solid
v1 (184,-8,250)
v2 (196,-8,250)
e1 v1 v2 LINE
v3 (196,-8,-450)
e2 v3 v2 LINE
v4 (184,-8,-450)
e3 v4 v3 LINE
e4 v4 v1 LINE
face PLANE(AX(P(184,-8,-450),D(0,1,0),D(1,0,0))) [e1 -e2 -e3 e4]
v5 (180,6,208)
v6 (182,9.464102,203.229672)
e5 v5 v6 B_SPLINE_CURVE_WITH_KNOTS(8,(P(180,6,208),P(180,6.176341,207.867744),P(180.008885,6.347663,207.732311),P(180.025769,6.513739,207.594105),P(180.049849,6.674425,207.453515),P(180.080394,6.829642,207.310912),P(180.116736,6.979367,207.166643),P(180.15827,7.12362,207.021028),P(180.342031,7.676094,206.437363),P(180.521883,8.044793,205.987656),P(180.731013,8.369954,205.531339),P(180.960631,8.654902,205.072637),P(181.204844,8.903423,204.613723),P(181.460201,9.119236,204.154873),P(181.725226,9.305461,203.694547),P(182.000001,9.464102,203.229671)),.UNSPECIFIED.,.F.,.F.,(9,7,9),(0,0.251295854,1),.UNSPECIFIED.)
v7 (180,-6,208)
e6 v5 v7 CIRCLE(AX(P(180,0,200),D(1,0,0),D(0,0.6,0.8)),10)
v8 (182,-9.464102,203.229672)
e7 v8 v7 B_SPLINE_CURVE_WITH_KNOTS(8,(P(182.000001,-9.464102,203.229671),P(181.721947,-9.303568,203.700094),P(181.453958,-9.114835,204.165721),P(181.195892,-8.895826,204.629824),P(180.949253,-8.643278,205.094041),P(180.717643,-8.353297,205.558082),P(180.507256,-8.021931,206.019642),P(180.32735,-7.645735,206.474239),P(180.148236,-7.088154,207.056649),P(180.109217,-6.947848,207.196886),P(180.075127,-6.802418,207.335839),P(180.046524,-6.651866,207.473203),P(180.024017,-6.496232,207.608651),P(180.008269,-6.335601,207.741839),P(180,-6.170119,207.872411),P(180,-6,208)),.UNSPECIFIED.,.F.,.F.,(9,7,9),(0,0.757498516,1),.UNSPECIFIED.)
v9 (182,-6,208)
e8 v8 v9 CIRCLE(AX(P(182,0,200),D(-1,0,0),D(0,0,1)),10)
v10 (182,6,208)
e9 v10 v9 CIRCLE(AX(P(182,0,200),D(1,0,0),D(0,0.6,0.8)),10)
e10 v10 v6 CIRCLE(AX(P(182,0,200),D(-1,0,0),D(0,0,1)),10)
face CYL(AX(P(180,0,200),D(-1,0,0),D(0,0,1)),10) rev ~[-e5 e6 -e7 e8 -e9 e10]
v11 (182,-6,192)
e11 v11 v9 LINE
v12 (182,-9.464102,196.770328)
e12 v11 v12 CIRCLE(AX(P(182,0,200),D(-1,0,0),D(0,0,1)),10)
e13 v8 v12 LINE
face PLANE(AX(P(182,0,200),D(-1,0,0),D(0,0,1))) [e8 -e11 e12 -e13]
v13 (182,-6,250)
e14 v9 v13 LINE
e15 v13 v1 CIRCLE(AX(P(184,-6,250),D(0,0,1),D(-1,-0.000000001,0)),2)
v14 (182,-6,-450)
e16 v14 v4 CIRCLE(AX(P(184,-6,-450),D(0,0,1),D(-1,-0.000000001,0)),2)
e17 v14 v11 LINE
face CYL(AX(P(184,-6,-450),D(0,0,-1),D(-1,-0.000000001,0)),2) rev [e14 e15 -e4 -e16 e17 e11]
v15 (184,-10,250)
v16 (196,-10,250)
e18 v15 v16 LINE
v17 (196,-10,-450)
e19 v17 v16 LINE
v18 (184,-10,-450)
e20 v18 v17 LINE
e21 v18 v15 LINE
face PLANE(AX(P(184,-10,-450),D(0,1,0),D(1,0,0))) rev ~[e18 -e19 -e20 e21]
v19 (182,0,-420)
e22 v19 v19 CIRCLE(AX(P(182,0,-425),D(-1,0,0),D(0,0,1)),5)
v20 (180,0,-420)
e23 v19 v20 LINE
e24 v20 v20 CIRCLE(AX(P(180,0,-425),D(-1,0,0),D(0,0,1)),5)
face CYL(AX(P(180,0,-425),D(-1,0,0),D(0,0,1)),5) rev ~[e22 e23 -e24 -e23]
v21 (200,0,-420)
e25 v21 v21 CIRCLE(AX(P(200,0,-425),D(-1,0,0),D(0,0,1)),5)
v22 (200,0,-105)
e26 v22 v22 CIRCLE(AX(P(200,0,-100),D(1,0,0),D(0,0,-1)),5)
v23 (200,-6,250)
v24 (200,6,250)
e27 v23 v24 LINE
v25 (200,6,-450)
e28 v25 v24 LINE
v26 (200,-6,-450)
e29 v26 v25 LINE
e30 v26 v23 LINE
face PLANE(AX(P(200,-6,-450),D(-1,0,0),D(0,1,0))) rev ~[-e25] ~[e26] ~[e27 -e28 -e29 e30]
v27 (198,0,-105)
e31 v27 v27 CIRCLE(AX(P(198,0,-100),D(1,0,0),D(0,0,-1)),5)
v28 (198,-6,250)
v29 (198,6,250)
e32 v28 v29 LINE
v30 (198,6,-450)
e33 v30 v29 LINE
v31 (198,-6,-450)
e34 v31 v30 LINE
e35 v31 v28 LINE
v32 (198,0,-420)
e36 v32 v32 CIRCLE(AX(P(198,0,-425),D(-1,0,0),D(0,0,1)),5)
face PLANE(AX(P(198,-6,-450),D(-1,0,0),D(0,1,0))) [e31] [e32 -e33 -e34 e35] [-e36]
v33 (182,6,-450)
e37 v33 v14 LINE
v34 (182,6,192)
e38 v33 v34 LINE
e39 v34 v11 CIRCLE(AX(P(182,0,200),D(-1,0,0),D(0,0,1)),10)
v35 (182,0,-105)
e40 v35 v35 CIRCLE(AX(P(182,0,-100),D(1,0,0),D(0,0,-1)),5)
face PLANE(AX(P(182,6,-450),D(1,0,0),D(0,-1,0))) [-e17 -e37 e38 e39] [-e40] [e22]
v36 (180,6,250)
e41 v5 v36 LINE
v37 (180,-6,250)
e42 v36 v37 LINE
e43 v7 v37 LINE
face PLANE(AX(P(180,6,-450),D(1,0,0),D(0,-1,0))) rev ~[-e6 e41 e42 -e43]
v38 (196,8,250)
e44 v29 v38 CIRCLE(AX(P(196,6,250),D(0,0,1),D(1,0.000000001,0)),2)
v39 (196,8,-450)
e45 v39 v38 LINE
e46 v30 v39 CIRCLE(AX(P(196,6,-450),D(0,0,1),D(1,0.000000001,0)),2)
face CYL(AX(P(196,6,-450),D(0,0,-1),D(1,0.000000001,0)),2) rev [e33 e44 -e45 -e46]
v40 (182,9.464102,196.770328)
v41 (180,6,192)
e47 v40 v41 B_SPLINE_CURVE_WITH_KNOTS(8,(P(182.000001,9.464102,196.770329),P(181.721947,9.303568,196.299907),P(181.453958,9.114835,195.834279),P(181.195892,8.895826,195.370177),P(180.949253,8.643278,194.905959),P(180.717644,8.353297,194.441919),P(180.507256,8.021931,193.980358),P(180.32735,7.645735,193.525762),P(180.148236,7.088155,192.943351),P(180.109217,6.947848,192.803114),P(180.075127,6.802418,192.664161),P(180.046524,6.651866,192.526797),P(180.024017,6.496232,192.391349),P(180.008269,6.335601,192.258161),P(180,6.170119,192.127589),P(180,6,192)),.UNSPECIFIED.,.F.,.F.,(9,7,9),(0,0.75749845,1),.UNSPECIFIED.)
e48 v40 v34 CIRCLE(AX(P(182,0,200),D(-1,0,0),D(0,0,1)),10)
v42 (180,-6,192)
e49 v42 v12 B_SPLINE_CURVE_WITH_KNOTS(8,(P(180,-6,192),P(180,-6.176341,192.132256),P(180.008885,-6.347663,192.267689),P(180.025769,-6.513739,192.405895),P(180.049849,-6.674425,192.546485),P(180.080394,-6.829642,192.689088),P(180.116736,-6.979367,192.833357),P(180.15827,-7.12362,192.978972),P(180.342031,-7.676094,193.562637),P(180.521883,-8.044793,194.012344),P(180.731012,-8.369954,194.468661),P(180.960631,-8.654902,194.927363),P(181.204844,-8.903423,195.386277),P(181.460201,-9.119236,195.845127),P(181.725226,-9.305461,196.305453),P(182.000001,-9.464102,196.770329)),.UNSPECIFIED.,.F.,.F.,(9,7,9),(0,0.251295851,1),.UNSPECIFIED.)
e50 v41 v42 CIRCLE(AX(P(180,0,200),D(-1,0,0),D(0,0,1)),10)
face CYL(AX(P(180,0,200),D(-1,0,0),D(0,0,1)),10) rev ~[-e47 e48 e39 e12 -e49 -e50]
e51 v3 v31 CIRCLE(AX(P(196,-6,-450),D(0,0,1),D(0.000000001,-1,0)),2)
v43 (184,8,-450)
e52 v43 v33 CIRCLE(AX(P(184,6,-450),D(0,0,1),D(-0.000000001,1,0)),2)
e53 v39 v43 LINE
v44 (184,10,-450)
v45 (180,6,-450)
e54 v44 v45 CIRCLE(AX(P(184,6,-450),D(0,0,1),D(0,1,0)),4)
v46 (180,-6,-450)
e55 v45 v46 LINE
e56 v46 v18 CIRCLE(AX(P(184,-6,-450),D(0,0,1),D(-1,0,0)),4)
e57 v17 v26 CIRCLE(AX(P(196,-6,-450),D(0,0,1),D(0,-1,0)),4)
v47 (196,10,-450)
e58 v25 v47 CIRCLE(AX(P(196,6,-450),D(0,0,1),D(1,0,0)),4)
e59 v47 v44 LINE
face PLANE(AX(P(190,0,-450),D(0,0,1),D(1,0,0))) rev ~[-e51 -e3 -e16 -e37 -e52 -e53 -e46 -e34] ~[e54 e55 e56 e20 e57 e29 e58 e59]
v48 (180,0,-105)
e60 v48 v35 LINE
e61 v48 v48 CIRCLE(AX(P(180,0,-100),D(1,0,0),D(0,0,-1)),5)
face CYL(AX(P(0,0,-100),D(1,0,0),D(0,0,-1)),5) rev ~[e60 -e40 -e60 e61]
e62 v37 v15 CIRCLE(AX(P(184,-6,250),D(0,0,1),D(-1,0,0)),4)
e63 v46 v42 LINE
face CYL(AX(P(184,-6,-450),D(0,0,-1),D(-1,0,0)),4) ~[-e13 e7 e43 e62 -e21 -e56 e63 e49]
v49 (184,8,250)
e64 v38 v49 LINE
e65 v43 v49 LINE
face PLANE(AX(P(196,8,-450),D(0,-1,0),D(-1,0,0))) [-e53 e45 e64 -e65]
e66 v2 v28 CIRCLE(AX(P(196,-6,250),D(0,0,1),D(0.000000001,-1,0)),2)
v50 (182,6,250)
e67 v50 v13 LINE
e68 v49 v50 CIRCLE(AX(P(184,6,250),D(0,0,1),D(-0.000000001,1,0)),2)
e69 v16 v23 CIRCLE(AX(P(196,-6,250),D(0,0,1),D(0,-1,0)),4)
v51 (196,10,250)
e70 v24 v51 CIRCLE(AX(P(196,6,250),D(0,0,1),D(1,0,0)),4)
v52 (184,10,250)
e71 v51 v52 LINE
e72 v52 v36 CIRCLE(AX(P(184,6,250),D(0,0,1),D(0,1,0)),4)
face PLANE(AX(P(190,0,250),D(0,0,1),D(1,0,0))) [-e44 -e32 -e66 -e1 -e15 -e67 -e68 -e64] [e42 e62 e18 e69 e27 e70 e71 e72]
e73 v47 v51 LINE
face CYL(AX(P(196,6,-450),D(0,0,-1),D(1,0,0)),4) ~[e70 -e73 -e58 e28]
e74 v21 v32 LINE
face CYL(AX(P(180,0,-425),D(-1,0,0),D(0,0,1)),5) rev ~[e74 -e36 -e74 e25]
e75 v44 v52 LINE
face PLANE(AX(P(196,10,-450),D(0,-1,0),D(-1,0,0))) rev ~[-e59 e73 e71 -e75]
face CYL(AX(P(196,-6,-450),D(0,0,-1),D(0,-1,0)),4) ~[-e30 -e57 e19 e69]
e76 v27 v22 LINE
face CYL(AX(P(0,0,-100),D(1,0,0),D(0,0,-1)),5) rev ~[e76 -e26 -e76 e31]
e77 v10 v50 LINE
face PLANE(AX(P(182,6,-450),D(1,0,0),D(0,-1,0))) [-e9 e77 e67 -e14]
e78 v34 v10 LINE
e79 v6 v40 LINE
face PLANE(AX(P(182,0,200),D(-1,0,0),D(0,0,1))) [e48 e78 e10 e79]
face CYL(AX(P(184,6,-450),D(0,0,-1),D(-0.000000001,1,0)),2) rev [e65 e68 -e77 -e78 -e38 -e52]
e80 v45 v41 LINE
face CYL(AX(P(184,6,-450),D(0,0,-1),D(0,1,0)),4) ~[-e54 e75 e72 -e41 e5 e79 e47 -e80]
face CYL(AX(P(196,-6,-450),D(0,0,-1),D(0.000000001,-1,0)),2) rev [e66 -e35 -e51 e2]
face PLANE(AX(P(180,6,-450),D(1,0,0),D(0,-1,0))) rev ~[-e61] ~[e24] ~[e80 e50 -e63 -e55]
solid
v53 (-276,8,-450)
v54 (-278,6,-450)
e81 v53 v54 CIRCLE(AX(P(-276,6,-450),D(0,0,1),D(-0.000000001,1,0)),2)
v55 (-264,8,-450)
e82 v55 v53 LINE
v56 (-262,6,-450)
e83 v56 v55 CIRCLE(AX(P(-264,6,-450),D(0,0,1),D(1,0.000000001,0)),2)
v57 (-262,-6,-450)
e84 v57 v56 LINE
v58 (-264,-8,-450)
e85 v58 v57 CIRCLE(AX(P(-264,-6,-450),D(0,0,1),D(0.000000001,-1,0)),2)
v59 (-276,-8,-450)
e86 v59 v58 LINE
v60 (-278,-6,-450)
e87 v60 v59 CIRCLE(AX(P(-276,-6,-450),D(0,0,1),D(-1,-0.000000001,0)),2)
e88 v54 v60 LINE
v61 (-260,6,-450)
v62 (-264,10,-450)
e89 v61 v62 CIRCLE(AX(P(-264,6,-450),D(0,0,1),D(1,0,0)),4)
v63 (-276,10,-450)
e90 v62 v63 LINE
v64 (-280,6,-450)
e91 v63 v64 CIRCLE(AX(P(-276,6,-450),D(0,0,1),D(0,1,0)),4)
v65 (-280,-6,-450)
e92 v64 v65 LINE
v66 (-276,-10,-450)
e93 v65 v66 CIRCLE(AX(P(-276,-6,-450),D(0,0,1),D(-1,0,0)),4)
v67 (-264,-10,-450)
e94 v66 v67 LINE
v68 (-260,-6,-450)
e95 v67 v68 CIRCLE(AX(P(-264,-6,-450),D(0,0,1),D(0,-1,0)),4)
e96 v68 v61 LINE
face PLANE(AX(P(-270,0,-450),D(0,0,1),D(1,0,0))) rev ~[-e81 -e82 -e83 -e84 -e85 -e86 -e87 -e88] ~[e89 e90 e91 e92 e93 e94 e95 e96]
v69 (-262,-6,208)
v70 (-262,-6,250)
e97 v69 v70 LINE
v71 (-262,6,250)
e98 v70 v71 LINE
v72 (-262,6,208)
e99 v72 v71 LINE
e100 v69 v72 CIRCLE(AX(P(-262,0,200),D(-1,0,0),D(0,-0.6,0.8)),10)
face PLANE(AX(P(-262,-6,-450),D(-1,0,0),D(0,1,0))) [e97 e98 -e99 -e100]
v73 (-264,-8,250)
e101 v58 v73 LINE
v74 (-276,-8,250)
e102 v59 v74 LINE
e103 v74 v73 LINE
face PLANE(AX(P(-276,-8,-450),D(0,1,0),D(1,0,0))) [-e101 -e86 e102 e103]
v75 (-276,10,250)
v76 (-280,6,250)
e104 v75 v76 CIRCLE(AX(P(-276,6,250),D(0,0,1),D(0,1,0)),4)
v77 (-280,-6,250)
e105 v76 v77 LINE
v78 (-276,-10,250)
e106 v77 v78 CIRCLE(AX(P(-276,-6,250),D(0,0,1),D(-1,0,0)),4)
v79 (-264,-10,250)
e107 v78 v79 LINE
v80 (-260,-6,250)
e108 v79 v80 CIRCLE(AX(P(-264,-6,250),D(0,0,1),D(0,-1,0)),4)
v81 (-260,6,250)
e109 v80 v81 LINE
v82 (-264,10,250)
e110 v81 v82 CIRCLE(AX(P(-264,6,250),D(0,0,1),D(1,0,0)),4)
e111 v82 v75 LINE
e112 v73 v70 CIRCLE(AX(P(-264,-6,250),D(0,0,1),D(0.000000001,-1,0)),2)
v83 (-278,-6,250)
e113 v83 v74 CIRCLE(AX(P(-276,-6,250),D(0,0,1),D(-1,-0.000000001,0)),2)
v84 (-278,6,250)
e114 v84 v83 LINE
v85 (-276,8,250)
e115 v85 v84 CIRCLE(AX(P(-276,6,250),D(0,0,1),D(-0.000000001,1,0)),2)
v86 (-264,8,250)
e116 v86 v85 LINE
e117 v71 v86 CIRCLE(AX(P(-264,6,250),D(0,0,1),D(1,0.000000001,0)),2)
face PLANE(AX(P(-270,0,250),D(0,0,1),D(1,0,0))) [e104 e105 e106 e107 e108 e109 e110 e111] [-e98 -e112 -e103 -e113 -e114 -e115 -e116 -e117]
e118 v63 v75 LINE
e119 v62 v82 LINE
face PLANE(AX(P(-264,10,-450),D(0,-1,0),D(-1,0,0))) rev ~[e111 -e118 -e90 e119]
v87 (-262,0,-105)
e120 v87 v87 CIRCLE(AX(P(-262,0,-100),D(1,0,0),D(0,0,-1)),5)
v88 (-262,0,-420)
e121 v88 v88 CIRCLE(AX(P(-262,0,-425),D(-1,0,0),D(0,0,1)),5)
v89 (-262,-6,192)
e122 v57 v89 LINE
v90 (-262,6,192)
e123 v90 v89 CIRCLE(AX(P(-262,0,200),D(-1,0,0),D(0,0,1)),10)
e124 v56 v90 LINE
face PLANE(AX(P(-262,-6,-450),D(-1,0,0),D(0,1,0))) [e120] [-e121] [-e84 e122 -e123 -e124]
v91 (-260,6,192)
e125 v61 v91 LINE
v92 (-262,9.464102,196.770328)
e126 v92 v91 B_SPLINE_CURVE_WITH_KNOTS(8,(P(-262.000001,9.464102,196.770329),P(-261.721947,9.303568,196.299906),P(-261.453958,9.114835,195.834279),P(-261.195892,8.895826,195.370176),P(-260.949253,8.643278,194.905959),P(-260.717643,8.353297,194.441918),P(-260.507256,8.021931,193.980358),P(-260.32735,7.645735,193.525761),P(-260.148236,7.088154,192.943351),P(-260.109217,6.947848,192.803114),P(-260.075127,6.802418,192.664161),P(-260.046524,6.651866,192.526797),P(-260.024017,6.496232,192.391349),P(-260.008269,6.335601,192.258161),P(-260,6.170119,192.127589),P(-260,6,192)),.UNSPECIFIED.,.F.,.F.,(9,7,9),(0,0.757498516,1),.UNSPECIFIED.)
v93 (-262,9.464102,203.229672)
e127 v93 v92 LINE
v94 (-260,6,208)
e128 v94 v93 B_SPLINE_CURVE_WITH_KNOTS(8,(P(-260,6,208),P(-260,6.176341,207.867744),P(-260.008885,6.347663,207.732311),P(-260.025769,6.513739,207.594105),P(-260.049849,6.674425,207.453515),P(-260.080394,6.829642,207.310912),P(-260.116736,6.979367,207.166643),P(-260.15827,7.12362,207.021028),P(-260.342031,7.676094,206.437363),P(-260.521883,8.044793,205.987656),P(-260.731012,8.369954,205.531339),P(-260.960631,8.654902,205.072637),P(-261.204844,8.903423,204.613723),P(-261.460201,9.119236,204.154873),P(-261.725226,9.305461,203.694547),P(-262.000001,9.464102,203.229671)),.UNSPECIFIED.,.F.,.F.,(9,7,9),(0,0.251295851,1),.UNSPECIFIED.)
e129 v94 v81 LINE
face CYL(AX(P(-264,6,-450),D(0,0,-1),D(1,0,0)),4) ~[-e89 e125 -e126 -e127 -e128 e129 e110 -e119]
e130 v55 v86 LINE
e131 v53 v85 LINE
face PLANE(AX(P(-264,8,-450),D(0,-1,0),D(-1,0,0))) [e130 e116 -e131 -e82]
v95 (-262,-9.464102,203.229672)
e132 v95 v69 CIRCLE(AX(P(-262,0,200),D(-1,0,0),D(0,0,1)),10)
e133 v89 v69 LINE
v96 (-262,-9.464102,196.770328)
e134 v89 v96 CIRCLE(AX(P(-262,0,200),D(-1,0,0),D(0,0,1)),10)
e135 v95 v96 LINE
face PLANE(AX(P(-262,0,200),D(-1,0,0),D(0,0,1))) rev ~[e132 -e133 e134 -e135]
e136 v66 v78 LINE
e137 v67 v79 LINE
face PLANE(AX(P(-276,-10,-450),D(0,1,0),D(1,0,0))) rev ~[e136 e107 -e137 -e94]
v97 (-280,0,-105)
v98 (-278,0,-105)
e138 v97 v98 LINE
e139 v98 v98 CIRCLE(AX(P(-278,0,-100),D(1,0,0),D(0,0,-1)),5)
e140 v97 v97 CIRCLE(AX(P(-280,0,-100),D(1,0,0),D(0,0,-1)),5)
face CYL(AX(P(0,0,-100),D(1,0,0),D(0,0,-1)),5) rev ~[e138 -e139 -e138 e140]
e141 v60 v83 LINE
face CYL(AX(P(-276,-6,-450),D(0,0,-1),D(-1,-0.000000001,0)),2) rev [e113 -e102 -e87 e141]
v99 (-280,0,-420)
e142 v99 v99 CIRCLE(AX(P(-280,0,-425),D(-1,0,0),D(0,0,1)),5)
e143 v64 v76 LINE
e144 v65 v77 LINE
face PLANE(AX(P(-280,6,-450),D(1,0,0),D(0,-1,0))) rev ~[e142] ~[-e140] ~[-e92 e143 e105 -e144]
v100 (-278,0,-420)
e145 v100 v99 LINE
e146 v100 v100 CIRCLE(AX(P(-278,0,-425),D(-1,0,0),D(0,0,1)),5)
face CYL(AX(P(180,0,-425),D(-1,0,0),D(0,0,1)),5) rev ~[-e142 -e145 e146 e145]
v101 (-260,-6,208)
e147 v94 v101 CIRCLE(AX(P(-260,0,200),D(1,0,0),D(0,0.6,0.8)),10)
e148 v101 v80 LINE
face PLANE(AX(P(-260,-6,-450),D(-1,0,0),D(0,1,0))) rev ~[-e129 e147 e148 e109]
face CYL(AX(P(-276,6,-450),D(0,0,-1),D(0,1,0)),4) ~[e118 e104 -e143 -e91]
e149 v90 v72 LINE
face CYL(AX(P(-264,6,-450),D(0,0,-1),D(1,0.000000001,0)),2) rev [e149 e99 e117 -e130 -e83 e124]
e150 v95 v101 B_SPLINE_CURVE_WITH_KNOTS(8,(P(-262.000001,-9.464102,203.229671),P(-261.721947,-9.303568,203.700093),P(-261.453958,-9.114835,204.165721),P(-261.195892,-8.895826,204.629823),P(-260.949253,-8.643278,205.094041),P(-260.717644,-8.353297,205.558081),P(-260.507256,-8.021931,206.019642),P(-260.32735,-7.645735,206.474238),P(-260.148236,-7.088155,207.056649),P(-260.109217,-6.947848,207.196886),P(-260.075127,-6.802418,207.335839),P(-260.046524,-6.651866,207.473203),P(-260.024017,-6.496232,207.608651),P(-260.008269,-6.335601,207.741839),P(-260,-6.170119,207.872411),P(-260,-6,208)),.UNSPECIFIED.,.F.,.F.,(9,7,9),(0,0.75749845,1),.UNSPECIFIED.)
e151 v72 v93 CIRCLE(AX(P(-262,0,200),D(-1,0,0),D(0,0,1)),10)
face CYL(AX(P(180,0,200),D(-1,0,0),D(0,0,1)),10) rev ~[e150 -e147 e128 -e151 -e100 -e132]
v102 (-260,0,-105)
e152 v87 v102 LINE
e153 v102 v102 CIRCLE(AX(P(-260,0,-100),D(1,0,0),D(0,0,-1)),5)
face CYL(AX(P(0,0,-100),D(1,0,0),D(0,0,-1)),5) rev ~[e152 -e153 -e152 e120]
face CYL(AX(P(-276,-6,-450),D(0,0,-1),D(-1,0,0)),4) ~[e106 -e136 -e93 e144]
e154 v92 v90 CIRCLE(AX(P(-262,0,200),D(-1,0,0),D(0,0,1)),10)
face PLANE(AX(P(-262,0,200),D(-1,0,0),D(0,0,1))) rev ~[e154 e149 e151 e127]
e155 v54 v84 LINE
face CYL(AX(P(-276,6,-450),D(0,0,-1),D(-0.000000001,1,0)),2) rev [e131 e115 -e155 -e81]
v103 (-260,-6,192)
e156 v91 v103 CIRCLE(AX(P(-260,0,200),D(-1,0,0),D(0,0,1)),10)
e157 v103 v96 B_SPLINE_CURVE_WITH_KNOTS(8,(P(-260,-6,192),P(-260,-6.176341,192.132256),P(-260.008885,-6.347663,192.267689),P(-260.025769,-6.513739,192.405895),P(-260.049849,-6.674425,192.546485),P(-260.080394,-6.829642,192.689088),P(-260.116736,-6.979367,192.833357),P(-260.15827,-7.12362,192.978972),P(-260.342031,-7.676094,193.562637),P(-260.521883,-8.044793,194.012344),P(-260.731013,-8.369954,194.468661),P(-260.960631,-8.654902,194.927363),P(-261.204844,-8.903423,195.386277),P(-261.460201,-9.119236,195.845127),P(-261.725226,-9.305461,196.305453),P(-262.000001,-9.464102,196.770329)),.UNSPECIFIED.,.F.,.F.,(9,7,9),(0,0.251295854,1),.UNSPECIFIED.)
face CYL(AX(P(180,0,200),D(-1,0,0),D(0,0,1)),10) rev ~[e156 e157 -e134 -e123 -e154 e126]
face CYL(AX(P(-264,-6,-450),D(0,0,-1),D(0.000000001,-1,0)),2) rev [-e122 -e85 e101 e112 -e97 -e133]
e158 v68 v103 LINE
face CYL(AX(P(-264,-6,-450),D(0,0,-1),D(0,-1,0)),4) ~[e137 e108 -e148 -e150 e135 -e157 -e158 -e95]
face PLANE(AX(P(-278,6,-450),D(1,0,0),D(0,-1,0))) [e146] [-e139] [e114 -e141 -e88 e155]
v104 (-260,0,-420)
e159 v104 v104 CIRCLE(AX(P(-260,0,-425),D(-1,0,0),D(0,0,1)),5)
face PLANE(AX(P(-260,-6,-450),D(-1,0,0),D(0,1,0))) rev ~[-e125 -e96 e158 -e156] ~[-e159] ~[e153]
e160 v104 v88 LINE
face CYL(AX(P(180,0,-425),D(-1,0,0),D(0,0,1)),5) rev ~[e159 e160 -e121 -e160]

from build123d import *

# Parameters (mm, degrees)
SQUARE_TUBE_CONFIGURED_20_X_20_X_2_1_DEPTH   = 700
SQUARE_TUBE_CONFIGURED_20_X_20_X_2_1_2_DEPTH = 700
SKETCH15_R                                   = 5
CUT_EXTRUDE1_DEPTH                           = 531.094331228
CUT_EXTRUDE1_DEPTH_BACK                      = 531.094331228
SKETCH18_R                                   = 5
CUT_EXTRUDE2_DEPTH                           = 644.583716388
CUT_EXTRUDE2_DEPTH_BACK                      = 644.583716388
SKETCH13_R                                   = 10
CUT_EXTRUDE3_DEPTH                           = 442
CUT_EXTRUDE3_DEPTH_BACK                      = 2


with BuildPart() as part:
    # Sketch17 → Square tube - configured 20 X 20 X 2(1) (new body)
    with BuildSketch(Plane(origin=(-270, 0, -450), x_dir=(1, 0, 0), z_dir=(0, 0, 1))):
        with BuildLine():
            Line((-6, -10), (6, -10))
            ThreePointArc((6, -10), (8.828427125, -8.828427125), (10, -6))
            Line((10, -6), (10, 6))
            ThreePointArc((10, 6), (8.828427125, 8.828427125), (6, 10))
            Line((6, 10), (-6, 10))
            ThreePointArc((-6, 10), (-8.828427125, 8.828427125), (-10, 6))
            Line((-10, 6), (-10, -6))
            ThreePointArc((-10, -6), (-8.828427125, -8.828427125), (-6, -10))
        make_face()
        with BuildLine():
            Line((-6, -8), (6, -8))
            ThreePointArc((6, -8), (7.414213562, -7.414213562), (8, -6))
            Line((8, -6), (8, 6))
            ThreePointArc((8, 6), (7.414213562, 7.414213562), (6, 8))
            Line((6, 8), (-6, 8))
            ThreePointArc((-6, 8), (-7.414213562, 7.414213562), (-8, 6))
            Line((-8, 6), (-8, -6))
            ThreePointArc((-8, -6), (-7.414213562, -7.414213562), (-6, -8))
        make_face(mode=Mode.SUBTRACT)
    extrude(amount=SQUARE_TUBE_CONFIGURED_20_X_20_X_2_1_DEPTH)


with BuildPart() as body_2:
    # Sketch17 on segment 2 (carried to segment 2) → Square tube - configured 20 X 20 X 2_1 2 (new body)
    with BuildSketch(Plane(origin=(190, 0, -450), x_dir=(1, 0, 0), z_dir=(0, 0, 1))):
        with BuildLine():
            Line((-6, -10), (6, -10))
            ThreePointArc((6, -10), (8.828427125, -8.828427125), (10, -6))
            Line((10, -6), (10, 6))
            ThreePointArc((10, 6), (8.828427125, 8.828427125), (6, 10))
            Line((6, 10), (-6, 10))
            ThreePointArc((-6, 10), (-8.828427125, 8.828427125), (-10, 6))
            Line((-10, 6), (-10, -6))
            ThreePointArc((-10, -6), (-8.828427125, -8.828427125), (-6, -10))
        make_face()
        with BuildLine():
            Line((-6, -8), (6, -8))
            ThreePointArc((6, -8), (7.414213562, -7.414213562), (8, -6))
            Line((8, -6), (8, 6))
            ThreePointArc((8, 6), (7.414213562, 7.414213562), (6, 8))
            Line((6, 8), (-6, 8))
            ThreePointArc((-6, 8), (-7.414213562, 7.414213562), (-8, 6))
            Line((-8, 6), (-8, -6))
            ThreePointArc((-8, -6), (-7.414213562, -7.414213562), (-6, -8))
        make_face(mode=Mode.SUBTRACT)
    extrude(amount=SQUARE_TUBE_CONFIGURED_20_X_20_X_2_1_2_DEPTH)


with BuildPart() as cut_extrude1_tool:
    # Sketch15 → Cut-Extrude1 (new, two sides)
    with BuildSketch(Plane(origin=(0, 0, 0), x_dir=(0, 0, -1), z_dir=(1, 0, 0))) as cut_extrude1_sk:
        with Locations((100, 0)):
            Circle(SKETCH15_R)
    extrude(amount=CUT_EXTRUDE1_DEPTH)
    extrude(cut_extrude1_sk.sketch, amount=-CUT_EXTRUDE1_DEPTH_BACK)


with BuildPart() as part_1:
    add(part.part)

    # Cut-Extrude1: cut by cut_extrude1_tool
    add(cut_extrude1_tool.part, mode=Mode.SUBTRACT)


with BuildPart() as body_2_1:
    add(body_2.part)

    # Cut-Extrude1: cut by cut_extrude1_tool
    add(cut_extrude1_tool.part, mode=Mode.SUBTRACT)


with BuildPart() as cut_extrude2_tool:
    # Sketch18 → Cut-Extrude2 (new, two sides)
    with BuildSketch(Plane.ZY.offset(-180)) as cut_extrude2_sk:
        with Locations((-425, 0)):
            Circle(SKETCH18_R)
    extrude(amount=CUT_EXTRUDE2_DEPTH)
    extrude(cut_extrude2_sk.sketch, amount=-CUT_EXTRUDE2_DEPTH_BACK)


with BuildPart() as part_2:
    add(part_1.part)

    # Cut-Extrude2: cut by cut_extrude2_tool
    add(cut_extrude2_tool.part, mode=Mode.SUBTRACT)


with BuildPart() as body_2_2:
    add(body_2_1.part)

    # Cut-Extrude2: cut by cut_extrude2_tool
    add(cut_extrude2_tool.part, mode=Mode.SUBTRACT)


with BuildPart() as cut_extrude3_tool:
    # Sketch13 → Cut-Extrude3 (new, two sides)
    with BuildSketch(Plane.ZY.offset(-180)) as cut_extrude3_sk:
        with Locations((200, 0)):
            Circle(SKETCH13_R)
    extrude(amount=CUT_EXTRUDE3_DEPTH)
    extrude(cut_extrude3_sk.sketch, amount=-CUT_EXTRUDE3_DEPTH_BACK)


with BuildPart() as part_3:
    add(part_2.part)

    # Cut-Extrude3: cut by cut_extrude3_tool
    add(cut_extrude3_tool.part, mode=Mode.SUBTRACT)


with BuildPart() as body_2_3:
    add(body_2_2.part)

    # Cut-Extrude3: cut by cut_extrude3_tool
    add(cut_extrude3_tool.part, mode=Mode.SUBTRACT)


solid = Compound([part_3.part, body_2_3.part])
